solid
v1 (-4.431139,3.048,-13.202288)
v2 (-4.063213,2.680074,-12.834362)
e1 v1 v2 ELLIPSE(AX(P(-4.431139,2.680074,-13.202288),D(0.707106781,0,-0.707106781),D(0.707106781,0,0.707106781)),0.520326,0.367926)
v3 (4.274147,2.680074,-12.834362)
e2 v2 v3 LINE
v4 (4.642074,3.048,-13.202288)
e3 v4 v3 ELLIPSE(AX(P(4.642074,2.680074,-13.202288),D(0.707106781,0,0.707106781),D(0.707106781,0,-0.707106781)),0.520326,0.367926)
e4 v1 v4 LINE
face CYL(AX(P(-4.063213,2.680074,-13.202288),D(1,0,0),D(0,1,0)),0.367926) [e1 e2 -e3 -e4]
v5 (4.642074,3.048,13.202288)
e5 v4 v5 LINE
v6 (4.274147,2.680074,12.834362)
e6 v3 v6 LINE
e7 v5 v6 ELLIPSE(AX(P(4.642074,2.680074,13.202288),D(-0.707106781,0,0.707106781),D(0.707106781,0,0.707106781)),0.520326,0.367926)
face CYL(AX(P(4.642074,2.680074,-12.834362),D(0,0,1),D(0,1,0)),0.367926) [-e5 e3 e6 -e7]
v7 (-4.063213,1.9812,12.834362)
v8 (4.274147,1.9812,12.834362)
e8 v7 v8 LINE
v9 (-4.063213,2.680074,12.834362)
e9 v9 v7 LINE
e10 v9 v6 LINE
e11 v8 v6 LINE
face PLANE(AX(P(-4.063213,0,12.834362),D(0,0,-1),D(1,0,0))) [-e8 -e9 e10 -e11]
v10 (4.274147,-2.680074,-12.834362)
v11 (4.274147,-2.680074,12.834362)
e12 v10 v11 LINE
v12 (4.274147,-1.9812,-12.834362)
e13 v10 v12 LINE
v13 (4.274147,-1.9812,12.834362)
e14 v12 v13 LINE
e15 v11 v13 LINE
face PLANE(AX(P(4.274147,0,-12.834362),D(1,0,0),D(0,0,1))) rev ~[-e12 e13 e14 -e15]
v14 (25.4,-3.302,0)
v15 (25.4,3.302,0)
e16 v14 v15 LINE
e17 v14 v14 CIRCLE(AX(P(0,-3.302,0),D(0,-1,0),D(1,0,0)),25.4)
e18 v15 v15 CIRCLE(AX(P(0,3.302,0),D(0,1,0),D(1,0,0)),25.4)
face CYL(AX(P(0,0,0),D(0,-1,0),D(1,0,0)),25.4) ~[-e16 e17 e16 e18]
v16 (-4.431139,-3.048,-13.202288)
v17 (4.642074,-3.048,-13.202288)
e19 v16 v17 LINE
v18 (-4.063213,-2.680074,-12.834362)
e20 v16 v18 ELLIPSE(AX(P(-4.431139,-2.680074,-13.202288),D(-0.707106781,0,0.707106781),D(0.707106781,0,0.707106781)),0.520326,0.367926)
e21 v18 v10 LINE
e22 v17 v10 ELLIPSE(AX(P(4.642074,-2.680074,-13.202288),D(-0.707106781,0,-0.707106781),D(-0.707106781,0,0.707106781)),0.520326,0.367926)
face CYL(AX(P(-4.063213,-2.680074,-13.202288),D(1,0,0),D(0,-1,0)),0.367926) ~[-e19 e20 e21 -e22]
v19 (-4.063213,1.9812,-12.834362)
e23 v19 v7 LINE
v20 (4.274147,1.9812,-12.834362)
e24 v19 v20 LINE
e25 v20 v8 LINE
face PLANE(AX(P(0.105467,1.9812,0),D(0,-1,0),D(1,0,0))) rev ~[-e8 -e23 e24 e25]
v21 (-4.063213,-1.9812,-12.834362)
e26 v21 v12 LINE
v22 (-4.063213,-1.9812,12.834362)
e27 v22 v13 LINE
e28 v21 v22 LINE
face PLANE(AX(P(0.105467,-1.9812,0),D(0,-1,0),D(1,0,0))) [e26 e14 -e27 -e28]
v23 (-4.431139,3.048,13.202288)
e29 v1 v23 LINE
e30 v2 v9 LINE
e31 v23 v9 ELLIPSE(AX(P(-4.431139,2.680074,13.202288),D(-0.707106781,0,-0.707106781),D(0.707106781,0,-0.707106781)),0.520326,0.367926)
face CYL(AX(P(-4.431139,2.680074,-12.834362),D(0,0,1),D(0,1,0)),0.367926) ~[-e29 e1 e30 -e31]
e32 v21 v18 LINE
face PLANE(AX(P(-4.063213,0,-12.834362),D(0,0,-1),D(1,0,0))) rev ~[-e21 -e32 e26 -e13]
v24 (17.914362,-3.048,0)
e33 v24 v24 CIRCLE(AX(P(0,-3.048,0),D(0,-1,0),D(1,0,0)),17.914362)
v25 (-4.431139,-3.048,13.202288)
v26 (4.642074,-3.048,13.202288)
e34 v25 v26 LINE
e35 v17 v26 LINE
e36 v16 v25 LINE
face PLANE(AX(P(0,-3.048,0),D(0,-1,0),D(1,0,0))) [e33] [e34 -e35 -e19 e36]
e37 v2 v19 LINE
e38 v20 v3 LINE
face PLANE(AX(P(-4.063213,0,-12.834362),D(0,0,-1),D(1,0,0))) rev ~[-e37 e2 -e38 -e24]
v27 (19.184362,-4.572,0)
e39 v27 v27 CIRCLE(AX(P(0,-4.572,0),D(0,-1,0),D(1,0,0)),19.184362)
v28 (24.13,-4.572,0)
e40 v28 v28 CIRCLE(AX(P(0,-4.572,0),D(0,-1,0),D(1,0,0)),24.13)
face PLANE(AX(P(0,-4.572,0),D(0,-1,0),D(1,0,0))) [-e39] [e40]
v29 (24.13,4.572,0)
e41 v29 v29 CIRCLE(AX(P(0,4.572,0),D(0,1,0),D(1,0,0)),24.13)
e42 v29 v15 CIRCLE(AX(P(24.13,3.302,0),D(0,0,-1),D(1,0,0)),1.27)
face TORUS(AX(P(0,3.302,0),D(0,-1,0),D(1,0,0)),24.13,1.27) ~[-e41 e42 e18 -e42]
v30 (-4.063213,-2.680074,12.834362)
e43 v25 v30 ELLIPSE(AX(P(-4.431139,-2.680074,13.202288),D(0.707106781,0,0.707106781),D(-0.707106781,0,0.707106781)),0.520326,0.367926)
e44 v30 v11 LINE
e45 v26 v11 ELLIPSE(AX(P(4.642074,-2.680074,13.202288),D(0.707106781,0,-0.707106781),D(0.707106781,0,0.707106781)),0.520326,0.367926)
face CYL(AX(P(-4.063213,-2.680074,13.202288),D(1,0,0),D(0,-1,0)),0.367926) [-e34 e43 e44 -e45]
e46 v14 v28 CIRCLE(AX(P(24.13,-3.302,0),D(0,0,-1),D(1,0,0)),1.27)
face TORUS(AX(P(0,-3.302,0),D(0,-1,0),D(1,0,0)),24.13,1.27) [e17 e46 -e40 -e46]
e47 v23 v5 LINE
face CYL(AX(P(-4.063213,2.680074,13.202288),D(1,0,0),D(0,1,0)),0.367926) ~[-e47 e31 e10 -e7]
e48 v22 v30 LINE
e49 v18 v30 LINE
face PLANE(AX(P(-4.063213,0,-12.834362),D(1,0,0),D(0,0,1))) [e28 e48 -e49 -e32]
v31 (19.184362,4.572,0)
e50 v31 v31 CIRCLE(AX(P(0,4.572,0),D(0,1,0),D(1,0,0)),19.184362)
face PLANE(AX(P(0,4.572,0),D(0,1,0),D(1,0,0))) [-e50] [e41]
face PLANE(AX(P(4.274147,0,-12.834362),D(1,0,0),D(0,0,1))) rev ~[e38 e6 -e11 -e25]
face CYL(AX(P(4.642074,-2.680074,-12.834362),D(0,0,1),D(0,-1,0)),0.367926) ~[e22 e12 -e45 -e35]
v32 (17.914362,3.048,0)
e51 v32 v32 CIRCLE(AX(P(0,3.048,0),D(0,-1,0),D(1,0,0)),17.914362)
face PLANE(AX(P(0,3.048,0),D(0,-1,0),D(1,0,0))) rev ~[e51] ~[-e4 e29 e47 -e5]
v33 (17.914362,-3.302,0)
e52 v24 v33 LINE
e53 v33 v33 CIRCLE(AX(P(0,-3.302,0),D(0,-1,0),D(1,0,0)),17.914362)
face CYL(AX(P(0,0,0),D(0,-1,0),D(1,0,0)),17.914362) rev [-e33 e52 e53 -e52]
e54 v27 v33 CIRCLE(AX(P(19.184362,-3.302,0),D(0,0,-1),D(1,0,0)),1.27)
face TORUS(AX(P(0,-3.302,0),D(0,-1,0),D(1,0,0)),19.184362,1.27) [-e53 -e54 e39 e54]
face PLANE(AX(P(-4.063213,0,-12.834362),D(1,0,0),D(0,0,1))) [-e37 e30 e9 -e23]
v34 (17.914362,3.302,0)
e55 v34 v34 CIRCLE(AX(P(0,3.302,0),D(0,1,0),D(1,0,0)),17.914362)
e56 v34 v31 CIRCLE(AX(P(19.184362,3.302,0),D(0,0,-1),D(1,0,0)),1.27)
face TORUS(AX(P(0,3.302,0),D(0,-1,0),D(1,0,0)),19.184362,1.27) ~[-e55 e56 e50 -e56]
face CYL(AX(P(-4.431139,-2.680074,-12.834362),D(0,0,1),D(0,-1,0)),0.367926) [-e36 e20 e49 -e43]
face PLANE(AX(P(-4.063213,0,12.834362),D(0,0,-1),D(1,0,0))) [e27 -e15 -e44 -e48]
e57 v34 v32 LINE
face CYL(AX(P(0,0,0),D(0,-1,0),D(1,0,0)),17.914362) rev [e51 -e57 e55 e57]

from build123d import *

# Parameters (mm, degrees)
F0_R        = 25.4
F0_R_2      = 17.914362
F1_DEPTH    = 4.572
F1_FACE_R   = 25.4
F1_FACE_R_2 = 17.914362
F2_DEPTH    = 4.572
F0_W        = 8.337361
F0_H        = 25.668724
F3_DEPTH    = 3.048
F4_DEPTH    = 3.048
F5_DEPTH    = 1.9812
F6_DEPTH    = 1.9812
F7_R        = 1.27
F8_R        = 0.367926


with BuildPart() as f1:
    # F0 (on Front) → F1 (new body)
    with BuildSketch(Plane.XZ):
        Circle(F0_R)
        Circle(F0_R_2, mode=Mode.SUBTRACT)
    extrude(amount=F1_DEPTH)

    # F1_face (on face) → F2 (join)
    with BuildSketch(Plane(origin=(0, 0, 0), x_dir=(1, 0, 0), z_dir=(0, 1, 0))):
        Circle(F1_FACE_R)
        Circle(F1_FACE_R_2, mode=Mode.SUBTRACT)
    extrude(amount=F2_DEPTH)

    # F0 (on Front) → F3 (join)
    with BuildSketch(Plane.XZ):
        Circle(F0_R_2)
        with Locations((0.105467, 0)):
            Rectangle(F0_W, F0_H, mode=Mode.SUBTRACT)
    extrude(amount=F3_DEPTH)

    # F0 (on Front) → F4 (join)
    with BuildSketch(Plane.XZ):
        Circle(F0_R_2)
        with Locations((0.105467, 0)):
            Rectangle(F0_W, F0_H, mode=Mode.SUBTRACT)
    extrude(amount=-F4_DEPTH)

    # F0 (on Front) → F5 (join)
    with BuildSketch(Plane.XZ):
        with Locations((0.105467, 0)):
            Rectangle(F0_W, F0_H)
    extrude(amount=F5_DEPTH)

    # F0 (on Front) → F6 (join)
    with BuildSketch(Plane.XZ):
        with Locations((0.105467, 0)):
            Rectangle(F0_W, F0_H)
    extrude(amount=-F6_DEPTH)

    # F7
    f7_edges = [f1.edges().sort_by_distance(p)[0] for p in [
        (-17.914362, 4.572, 0),
        (-25.4, 4.572, 0),
        (-25.4, -4.572, 0),
        (-17.914362, -4.572, 0),
    ]]
    fillet(f7_edges, radius=F7_R)

    # F8
    f8_edges = [f1.edges().sort_by_distance(p)[0] for p in [
        (0.105468, 3.048, -12.834362),
        (4.274148, 3.048, 0),
        (0.105468, 3.048, 12.834362),
        (-4.063213, 3.048, 0),
        (-4.063213, -3.048, 0),
        (0.105468, -3.048, 12.834362),
        (4.274148, -3.048, 0),
        (0.105468, -3.048, -12.834362),
    ]]
    fillet(f8_edges, radius=F8_R)


solid = f1.part
